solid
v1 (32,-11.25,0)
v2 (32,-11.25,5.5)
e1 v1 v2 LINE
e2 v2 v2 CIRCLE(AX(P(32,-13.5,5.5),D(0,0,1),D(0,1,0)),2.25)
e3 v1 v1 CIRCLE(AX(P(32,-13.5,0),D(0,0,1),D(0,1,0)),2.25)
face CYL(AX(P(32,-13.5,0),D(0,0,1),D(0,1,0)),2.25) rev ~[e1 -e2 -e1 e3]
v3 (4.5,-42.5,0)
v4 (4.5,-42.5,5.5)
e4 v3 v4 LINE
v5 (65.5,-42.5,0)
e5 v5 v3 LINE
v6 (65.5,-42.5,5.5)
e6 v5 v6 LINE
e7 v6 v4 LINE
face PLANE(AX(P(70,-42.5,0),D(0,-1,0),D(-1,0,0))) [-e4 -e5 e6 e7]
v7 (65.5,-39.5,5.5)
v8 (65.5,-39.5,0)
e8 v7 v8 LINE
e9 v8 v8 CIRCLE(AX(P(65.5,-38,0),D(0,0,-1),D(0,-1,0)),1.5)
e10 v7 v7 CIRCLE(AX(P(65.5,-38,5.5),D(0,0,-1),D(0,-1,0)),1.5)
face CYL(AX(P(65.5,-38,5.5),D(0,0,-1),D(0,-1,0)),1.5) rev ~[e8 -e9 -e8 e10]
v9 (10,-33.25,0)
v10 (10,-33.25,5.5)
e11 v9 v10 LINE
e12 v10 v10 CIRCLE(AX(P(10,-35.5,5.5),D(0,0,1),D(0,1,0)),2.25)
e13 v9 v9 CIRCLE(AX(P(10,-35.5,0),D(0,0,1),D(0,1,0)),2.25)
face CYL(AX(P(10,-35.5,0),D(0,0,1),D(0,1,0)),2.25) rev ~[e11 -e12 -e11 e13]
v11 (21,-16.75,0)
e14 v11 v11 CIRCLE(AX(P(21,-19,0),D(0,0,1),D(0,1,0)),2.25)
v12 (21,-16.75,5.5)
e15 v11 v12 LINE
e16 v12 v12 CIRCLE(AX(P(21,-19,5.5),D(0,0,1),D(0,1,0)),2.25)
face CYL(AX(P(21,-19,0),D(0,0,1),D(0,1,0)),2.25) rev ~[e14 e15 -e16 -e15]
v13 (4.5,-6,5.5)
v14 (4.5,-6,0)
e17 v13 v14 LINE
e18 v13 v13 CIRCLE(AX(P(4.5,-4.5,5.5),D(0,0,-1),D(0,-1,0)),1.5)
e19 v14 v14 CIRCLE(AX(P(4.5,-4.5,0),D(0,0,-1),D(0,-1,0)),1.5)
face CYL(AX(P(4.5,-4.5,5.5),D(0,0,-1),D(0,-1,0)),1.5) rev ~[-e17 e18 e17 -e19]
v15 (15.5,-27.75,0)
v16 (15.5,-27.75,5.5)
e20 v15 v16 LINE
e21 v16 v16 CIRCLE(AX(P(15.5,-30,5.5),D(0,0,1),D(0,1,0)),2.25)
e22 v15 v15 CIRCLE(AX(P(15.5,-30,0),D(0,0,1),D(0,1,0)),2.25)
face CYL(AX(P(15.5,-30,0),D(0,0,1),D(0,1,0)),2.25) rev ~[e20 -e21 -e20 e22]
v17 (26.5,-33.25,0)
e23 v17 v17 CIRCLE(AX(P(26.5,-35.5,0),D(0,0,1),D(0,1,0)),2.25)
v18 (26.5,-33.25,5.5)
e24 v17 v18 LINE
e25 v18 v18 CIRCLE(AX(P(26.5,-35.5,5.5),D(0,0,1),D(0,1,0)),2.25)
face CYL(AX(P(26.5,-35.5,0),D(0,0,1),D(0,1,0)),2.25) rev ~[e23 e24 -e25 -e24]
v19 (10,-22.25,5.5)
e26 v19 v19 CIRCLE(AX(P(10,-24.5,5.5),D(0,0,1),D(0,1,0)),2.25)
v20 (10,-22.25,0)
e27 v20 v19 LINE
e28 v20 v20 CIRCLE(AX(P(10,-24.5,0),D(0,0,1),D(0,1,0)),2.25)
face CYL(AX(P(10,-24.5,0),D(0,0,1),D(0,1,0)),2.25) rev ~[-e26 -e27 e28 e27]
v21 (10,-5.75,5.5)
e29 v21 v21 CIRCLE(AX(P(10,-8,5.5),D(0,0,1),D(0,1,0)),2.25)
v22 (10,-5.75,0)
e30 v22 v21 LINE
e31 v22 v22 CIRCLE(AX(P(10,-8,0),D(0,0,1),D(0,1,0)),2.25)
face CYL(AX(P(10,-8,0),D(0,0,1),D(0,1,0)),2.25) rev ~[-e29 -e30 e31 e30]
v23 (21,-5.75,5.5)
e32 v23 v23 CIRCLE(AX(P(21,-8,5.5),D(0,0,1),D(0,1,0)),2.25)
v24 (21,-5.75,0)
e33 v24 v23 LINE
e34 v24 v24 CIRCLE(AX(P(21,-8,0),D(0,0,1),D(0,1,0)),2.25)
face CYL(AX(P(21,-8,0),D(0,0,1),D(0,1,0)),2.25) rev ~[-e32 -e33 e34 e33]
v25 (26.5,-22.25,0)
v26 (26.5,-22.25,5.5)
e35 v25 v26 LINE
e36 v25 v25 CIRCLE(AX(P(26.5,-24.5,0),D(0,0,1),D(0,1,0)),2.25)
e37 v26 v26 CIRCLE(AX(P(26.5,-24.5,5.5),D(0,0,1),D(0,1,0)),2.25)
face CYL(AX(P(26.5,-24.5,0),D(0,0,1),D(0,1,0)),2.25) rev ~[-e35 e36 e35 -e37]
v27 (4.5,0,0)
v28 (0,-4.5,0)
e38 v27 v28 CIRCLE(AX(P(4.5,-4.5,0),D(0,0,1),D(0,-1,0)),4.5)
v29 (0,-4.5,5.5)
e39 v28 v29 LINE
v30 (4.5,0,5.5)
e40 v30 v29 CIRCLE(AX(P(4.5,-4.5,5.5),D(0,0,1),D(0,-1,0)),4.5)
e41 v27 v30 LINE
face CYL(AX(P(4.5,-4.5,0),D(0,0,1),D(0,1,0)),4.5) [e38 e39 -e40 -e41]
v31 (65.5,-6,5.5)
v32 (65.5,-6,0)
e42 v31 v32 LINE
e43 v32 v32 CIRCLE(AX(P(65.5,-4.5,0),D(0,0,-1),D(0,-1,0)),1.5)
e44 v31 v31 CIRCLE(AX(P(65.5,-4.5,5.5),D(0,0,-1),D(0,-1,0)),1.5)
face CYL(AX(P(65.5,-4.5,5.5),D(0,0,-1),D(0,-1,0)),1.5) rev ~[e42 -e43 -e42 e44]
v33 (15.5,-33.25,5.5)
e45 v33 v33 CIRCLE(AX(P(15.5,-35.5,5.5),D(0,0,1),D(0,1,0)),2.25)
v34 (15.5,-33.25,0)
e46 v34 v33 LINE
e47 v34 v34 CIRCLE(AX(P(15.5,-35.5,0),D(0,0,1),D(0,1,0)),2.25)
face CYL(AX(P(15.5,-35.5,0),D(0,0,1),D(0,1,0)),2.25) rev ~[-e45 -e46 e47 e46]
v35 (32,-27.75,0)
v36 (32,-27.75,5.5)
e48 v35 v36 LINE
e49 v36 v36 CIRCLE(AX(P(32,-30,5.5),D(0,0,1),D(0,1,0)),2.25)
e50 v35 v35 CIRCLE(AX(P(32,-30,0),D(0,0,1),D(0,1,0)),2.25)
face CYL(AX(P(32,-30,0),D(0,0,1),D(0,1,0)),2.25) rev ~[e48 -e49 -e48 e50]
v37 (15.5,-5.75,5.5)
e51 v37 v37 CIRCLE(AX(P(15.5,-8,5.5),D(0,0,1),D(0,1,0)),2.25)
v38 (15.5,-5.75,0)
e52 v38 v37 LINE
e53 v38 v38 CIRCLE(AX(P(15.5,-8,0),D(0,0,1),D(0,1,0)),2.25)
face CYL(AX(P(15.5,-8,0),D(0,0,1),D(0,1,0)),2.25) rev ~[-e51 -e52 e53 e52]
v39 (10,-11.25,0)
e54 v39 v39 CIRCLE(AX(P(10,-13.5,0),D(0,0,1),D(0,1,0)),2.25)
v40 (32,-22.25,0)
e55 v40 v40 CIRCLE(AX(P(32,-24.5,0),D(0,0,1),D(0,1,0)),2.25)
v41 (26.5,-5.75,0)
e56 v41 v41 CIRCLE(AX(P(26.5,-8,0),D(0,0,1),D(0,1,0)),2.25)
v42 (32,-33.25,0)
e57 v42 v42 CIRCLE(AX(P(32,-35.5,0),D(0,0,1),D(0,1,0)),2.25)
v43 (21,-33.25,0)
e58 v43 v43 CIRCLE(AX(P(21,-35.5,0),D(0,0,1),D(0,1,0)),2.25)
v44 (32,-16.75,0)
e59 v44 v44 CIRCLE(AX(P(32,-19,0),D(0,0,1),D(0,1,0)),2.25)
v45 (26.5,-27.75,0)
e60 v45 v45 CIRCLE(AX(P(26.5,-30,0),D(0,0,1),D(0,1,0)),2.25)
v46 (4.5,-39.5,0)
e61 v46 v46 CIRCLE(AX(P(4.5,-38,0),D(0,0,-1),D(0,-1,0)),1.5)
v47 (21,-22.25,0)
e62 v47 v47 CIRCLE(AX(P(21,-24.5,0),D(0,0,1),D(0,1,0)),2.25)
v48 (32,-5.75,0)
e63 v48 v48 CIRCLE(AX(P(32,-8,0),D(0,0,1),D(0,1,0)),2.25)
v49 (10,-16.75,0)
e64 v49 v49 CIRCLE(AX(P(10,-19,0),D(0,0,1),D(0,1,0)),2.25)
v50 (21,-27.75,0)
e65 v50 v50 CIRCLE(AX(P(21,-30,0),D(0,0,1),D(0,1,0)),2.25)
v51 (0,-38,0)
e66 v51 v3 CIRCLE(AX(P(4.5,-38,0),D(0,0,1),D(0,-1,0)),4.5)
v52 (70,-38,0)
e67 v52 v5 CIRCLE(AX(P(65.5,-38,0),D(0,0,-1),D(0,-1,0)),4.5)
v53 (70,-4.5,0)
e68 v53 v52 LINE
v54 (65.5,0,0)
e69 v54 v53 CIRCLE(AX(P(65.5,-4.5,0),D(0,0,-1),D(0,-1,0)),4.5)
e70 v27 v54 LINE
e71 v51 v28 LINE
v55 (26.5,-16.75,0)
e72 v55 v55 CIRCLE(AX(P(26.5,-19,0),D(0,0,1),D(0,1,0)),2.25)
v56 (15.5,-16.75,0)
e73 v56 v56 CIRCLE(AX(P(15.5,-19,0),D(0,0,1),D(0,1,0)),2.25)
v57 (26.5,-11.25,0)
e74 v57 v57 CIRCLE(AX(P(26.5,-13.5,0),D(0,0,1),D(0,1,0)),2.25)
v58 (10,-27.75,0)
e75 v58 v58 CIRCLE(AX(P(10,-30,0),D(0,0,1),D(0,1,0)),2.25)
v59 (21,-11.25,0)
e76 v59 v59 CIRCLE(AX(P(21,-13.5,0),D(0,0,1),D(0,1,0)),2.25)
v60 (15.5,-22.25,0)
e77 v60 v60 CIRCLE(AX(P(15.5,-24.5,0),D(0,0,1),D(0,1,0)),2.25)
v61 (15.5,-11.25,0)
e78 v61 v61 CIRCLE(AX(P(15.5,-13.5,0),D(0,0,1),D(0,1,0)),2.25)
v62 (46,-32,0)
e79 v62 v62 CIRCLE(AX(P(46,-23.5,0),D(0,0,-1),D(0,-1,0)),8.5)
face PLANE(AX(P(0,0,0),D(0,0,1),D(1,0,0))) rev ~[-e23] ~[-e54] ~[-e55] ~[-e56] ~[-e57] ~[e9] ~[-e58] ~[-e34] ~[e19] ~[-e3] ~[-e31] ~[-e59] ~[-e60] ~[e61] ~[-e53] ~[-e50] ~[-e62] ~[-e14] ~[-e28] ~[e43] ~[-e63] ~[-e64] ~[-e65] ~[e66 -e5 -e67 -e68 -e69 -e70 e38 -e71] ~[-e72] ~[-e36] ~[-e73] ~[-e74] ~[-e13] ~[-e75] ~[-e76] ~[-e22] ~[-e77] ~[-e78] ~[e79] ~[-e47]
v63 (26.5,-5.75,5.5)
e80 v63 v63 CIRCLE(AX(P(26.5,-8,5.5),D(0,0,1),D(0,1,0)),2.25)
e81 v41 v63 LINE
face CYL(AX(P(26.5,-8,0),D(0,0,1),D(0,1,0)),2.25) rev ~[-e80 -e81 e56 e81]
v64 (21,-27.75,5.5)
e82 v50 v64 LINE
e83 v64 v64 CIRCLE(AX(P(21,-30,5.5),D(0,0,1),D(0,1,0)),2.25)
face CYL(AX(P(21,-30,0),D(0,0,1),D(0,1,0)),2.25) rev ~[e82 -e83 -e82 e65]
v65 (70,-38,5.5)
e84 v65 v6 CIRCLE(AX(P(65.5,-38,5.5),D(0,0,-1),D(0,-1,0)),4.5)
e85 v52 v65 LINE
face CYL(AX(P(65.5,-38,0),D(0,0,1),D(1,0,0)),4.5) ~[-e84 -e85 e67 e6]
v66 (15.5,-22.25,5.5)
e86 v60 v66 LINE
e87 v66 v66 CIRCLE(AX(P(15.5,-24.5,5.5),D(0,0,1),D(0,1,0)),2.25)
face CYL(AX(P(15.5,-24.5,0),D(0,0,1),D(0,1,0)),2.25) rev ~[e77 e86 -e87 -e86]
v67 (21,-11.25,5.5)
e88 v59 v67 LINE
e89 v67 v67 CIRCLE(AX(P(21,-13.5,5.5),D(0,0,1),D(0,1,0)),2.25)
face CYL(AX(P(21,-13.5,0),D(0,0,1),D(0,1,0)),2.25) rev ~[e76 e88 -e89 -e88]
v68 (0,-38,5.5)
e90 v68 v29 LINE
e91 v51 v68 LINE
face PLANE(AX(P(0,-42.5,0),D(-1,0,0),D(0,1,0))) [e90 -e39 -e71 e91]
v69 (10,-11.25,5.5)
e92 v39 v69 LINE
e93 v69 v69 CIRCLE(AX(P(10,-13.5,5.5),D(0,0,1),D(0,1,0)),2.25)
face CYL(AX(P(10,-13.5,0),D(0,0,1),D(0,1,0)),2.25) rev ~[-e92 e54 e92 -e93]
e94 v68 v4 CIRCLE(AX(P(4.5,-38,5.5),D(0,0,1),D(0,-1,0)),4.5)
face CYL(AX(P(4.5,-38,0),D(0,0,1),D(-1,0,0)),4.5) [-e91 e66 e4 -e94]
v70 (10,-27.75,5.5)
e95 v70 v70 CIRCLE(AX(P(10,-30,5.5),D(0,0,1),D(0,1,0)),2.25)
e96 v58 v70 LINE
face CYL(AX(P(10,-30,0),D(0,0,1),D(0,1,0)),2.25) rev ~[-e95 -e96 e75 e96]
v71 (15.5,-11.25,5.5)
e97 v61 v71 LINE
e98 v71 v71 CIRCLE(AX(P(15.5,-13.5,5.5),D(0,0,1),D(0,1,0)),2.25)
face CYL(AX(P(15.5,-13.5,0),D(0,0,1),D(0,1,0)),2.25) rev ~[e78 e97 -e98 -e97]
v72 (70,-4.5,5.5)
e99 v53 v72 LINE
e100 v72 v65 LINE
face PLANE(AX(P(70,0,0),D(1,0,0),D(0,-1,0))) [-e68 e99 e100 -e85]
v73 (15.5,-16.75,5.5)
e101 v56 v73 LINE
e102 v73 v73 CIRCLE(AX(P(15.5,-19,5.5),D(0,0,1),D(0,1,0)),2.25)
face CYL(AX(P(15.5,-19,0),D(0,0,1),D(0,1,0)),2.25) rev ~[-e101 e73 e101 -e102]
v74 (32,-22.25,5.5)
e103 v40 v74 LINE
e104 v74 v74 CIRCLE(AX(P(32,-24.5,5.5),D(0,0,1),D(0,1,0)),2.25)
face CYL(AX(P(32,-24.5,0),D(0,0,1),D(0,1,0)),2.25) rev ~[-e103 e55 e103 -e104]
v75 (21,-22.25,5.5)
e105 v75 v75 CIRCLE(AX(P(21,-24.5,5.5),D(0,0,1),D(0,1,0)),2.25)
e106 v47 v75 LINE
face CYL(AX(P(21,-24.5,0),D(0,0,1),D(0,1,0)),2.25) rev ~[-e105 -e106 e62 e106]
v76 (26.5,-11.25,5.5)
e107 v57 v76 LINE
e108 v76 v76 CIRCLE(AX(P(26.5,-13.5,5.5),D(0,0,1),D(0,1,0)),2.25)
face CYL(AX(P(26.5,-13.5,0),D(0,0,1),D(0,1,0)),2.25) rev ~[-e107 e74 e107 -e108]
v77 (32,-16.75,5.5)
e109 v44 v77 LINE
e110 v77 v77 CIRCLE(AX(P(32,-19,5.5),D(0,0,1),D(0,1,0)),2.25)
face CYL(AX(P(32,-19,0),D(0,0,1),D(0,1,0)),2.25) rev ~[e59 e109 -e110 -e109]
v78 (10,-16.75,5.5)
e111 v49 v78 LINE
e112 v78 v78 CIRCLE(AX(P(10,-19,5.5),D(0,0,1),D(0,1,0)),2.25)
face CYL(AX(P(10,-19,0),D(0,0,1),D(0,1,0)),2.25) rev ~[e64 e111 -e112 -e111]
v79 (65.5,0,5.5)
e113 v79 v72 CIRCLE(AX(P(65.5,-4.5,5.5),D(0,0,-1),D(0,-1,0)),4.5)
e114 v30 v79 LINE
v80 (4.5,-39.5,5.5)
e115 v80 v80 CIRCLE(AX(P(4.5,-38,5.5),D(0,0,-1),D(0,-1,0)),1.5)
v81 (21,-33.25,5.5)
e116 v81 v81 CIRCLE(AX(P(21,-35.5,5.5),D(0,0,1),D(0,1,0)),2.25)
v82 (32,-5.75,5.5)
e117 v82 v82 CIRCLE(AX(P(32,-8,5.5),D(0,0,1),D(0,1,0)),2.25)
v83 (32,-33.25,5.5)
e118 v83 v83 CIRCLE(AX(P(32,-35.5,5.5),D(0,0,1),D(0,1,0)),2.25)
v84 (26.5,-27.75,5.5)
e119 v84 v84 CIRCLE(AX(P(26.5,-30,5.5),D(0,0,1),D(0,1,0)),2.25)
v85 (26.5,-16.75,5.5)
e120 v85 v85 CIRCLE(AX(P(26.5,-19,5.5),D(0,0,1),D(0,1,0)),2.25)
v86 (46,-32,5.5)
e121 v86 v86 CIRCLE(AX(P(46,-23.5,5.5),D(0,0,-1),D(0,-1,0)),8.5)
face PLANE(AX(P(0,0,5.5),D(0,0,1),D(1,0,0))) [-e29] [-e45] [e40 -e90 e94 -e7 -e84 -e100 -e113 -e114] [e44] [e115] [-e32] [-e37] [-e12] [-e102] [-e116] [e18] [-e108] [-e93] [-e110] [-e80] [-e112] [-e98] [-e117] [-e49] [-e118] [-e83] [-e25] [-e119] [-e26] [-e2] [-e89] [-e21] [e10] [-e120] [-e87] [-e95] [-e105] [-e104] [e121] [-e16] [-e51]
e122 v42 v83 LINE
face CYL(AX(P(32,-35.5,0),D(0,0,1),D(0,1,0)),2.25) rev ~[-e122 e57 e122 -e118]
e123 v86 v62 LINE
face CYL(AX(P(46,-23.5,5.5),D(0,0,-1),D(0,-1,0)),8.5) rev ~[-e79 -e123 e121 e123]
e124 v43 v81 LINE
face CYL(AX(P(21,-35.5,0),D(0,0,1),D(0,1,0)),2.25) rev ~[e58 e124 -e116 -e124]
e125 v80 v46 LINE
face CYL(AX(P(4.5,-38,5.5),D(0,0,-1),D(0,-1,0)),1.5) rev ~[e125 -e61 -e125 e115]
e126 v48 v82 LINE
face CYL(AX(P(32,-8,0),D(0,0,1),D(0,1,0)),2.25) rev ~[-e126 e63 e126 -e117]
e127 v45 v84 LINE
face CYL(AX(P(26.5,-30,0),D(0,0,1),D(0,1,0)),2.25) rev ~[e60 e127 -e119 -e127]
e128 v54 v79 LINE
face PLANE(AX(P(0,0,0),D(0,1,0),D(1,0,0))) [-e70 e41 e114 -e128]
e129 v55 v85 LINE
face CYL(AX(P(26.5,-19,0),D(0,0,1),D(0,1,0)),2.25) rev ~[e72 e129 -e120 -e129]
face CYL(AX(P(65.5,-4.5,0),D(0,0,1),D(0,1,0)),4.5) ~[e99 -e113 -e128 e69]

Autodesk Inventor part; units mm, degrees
ref_plane "YZ Plane" through (0, 0, 0) normal (1, 0, 0) x (0, 1, 0)
ref_plane "XZ Plane" through (0, 0, 0) normal (0, 1, 0) x (-1, 0, 0)
ref_plane "XY Plane" through (0, 0, 0) normal (0, 0, 1) x (1, 0, 0)
sketch "スケッチ1" plane through (0, 0, 0) normal (0, 0, 1) x (1, 0, 0)
  line L0 (0, 0) -> (70, 0)
  line L1 (70, 0) -> (70, -42.5)
  line L2 (70, -42.5) -> (0, -42.5)
  line L3 (0, -42.5) -> (0, 0)
  dimension "d0" = 70
  dimension "d1" = 42.5
extrude "押し出し1" add sketch "スケッチ1" along normal blind 5.5
sketch "スケッチ2" plane through (0, 0, 5.5) normal (0, 0, 1) x (1, 0, 0)
  line L0 (4.5, -38) -> (65.5, -38)
  line L1 (65.5, -38) -> (65.5, -4.5)
  line L2 (65.5, -4.5) -> (4.5, -4.5)
  line L3 (4.5, -4.5) -> (4.5, -38)
  line L4 (0, 0) -> (0, -42.5) projected
  line L5 (0, -42.5) -> (70, -42.5) projected
  dimension "d4" = 61
  dimension "d5" = 33.5
  dimension "d6" = 4.5
  dimension "d7" = 4.5
hole "穴1" at (4.5, -38, 5.5) at (4.5, -4.5, 5.5) at (65.5, -4.5, 5.5) at (65.5, -38, 5.5) direction (0, 0, -1) diameter 3 end through all
fillet "フィレット1" radius 4.5 4 edges at (0, 0, 2.75) (70, 0, 2.75) (70, -42.5, 2.75) (0, -42.5, 2.75)
sketch "スケッチ3" plane through (0, 0, 5.5) normal (0, 0, 1) x (1, 0, 0)
  line L0 (65.5, 0) -> (4.5, 0) projected
  line L1 (70, -38) -> (70, -4.5) projected
  point P0 (0, 0)
  point P1 (46, -23.5)
  dimension "d16" = 23.5
  dimension "d17" = 24
hole "穴2" at (46, -23.5, 5.5) direction (0, 0, -1) diameter 17 end through all
sketch "スケッチ4" plane through (0, 0, 0) normal (0, 0, -1) x (-1, 0, 0)
  line L0 (-4.5, -42.5) -> (-65.5, -42.5) projected
  line L1 (0, -4.5) -> (0, -38) projected
  point P0 (0, 0)
  point P1 (-10, -35.5)
  point P2 (-10, -30)
  point P3 (-10, -24.5)
  point P4 (-10, -19)
  point P5 (-10, -13.5)
  point P6 (-10, -8)
  point P7 (-15.5, -35.5)
  point P8 (-15.5, -30)
  point P9 (-15.5, -24.5)
  point P10 (-15.5, -19)
  point P11 (-15.5, -13.5)
  point P12 (-15.5, -8)
  point P13 (-21, -35.5)
  point P14 (-21, -30)
  point P15 (-21, -24.5)
  point P16 (-21, -19)
  point P17 (-21, -13.5)
  point P18 (-21, -8)
  point P19 (-26.5, -35.5)
  point P20 (-26.5, -30)
  point P21 (-26.5, -24.5)
  point P22 (-26.5, -19)
  point P23 (-26.5, -13.5)
  point P24 (-26.5, -8)
  point P25 (-32, -35.5)
  point P26 (-32, -30)
  point P27 (-32, -24.5)
  point P28 (-32, -19)
  point P29 (-32, -13.5)
  point P30 (-32, -8)
  dimension "d25" = 7
  dimension "d26" = 10
  dimension "d29" = 5.5
  dimension "d32" = 5.5
hole "穴3" at (10, -35.5, 0) at (10, -30, 0) at (10, -24.5, 0) at (10, -19, 0) at (10, -13.5, 0) at (10, -8, 0) at (15.5, -35.5, 0) at (15.5, -30, 0) at (15.5, -24.5, 0) at (15.5, -19, 0) at (15.5, -13.5, 0) at (15.5, -8, 0) at (21, -35.5, 0) at (21, -30, 0) at (21, -24.5, 0) at (21, -19, 0) at (21, -13.5, 0) at (21, -8, 0) at (26.5, -35.5, 0) at (26.5, -30, 0) at (26.5, -24.5, 0) at (26.5, -19, 0) at (26.5, -13.5, 0) at (26.5, -8, 0) at (32, -35.5, 0) at (32, -30, 0) at (32, -24.5, 0) at (32, -19, 0) at (32, -13.5, 0) at (32, -8, 0) direction (0, 0, 1) diameter 4.5 end through all
properties part number "ロボット回転t5.5_2" material "木材 (カエデ材)"
